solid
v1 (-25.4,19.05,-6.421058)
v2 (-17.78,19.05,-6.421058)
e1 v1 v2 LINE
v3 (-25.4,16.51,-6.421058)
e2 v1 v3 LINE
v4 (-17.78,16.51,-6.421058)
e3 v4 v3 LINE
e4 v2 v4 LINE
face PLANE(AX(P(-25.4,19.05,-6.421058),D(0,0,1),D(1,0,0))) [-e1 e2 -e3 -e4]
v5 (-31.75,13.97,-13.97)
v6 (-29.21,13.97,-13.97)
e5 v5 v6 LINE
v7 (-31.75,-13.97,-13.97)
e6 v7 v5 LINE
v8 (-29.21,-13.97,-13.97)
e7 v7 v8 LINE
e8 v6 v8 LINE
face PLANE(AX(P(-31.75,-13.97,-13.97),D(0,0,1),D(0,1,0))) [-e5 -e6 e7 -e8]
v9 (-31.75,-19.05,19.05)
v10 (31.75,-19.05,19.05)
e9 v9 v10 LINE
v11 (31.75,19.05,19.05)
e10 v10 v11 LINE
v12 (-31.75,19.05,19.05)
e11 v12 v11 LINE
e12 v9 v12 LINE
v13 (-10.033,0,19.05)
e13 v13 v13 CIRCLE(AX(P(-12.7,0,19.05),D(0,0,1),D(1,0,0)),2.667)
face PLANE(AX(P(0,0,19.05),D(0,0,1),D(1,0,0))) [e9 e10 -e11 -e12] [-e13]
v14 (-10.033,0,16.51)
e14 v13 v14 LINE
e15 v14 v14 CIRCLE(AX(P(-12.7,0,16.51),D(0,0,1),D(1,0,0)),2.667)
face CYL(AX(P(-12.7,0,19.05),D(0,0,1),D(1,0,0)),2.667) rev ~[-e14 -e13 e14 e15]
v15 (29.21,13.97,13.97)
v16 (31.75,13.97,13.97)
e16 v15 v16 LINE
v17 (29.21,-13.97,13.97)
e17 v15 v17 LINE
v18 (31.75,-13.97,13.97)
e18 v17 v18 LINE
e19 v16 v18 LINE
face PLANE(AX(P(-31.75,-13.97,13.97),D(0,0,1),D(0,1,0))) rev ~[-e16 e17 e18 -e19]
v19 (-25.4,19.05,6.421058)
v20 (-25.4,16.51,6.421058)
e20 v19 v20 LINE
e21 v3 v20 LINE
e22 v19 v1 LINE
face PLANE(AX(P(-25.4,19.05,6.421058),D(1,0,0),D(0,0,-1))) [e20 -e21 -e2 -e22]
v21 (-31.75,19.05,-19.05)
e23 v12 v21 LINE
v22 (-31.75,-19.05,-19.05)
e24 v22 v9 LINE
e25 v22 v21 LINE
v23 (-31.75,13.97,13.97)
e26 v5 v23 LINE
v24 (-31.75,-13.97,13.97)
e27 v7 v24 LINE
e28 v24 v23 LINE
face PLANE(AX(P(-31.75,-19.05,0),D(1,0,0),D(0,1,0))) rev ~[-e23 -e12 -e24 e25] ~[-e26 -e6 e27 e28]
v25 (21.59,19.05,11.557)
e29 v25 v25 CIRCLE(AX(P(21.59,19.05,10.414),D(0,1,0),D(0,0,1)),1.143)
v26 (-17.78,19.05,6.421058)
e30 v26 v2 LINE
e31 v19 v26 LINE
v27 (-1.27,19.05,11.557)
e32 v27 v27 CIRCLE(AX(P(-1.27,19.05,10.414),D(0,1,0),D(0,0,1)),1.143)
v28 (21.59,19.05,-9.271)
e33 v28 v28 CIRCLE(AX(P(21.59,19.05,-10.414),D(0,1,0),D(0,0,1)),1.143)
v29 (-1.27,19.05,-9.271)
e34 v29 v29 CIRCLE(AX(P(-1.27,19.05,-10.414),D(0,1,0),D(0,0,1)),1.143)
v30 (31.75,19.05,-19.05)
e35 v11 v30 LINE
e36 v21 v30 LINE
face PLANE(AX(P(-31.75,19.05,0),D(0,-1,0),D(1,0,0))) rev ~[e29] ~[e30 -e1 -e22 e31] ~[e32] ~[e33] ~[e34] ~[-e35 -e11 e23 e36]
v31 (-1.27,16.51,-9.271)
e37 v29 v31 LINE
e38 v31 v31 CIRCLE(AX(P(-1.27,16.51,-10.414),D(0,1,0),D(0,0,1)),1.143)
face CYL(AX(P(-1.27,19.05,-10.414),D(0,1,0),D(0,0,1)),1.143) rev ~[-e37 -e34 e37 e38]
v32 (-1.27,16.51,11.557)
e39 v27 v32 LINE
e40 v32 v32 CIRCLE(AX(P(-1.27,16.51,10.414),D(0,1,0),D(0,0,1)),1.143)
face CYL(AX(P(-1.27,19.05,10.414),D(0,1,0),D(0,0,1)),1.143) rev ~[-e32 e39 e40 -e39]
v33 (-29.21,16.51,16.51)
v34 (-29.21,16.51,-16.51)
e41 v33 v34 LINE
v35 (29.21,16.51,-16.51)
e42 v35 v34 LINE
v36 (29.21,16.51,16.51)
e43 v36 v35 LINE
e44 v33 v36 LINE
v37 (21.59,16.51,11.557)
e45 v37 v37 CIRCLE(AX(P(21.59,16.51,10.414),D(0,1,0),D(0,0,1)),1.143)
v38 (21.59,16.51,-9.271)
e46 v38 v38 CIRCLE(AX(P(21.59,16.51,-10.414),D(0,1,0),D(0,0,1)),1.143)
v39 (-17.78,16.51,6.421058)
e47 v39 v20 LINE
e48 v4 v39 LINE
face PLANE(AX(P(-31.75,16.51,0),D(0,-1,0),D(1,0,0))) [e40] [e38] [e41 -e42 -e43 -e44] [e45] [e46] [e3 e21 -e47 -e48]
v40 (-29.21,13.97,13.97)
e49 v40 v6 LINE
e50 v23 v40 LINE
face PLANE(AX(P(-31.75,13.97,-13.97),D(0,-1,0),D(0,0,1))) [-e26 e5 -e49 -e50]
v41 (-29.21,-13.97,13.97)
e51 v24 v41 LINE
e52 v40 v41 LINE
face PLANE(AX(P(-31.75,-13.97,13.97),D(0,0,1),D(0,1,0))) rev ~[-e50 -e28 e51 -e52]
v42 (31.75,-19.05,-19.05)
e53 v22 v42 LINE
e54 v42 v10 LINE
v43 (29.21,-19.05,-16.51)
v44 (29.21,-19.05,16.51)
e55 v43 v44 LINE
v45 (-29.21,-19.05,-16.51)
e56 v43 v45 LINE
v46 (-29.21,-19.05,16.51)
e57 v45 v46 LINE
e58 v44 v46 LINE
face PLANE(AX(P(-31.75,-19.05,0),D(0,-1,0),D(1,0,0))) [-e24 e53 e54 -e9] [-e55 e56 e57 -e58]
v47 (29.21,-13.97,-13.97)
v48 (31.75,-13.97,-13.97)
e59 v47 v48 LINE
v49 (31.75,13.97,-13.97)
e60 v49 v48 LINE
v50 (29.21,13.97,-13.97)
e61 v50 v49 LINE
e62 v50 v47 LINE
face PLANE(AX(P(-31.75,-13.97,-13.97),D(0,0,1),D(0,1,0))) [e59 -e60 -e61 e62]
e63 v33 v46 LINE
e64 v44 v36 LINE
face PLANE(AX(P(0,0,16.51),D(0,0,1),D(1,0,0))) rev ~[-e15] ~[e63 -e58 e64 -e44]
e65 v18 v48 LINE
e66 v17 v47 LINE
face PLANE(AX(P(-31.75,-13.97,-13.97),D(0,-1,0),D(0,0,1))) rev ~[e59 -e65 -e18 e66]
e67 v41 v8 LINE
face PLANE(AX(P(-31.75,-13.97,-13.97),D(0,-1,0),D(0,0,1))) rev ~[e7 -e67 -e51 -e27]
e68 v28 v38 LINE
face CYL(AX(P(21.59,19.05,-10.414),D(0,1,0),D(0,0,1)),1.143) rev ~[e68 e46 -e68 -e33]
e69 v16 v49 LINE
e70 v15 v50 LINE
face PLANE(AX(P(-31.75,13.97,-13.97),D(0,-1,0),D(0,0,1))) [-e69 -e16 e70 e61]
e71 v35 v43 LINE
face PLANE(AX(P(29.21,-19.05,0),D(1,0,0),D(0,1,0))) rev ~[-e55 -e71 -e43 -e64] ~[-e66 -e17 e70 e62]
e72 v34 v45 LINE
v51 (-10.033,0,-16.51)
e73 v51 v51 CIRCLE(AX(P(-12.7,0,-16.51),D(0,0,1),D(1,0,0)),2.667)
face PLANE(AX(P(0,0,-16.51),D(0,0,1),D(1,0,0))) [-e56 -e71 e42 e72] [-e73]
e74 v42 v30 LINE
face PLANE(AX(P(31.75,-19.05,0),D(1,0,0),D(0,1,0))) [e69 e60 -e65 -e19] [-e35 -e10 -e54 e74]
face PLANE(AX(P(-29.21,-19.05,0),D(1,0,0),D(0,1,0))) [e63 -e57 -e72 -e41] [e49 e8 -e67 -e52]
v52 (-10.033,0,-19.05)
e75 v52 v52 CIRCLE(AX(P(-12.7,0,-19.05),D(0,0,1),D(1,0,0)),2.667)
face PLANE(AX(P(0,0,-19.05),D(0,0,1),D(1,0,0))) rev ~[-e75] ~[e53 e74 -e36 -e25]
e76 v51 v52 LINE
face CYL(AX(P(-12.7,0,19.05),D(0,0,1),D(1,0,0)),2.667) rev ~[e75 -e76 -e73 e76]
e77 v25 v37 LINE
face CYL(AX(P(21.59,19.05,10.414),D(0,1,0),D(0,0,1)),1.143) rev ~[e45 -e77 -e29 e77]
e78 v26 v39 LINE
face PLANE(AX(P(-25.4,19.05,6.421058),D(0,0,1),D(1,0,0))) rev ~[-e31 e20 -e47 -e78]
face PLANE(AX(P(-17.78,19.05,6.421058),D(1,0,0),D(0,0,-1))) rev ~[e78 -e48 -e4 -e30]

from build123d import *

# Parameters (mm, degrees)
SKETCH1_W           = 63.5
SKETCH1_H           = 38.1
BOSS_EXTRUDE1_DEPTH = 19.05
SHELL1_T            = -2.54
SKETCH2_R           = 1.143
CUT_EXTRUDE1_DEPTH  = 54.127911685
SKETCH4_W           = 7.62
SKETCH4_H           = 12.842115784
CUT_EXTRUDE2_DEPTH  = 54.127911685
SKETCH5_R           = 2.667
CUT_EXTRUDE3_DEPTH  = 54.127911685
SKETCH6_W           = 27.94
SKETCH6_H           = 27.94
CUT_EXTRUDE4_DEPTH  = 69.978656119


with BuildPart() as part:
    # Sketch1 → Boss-Extrude1 (new, symmetric)
    with BuildSketch(Plane.XY):
        Rectangle(SKETCH1_W, SKETCH1_H)
    extrude(amount=BOSS_EXTRUDE1_DEPTH, both=True)

    # Shell1
    shell1_openings = [part.faces().sort_by_distance(p)[0] for p in [
        (0, -19.05, 0),
    ]]
    offset(amount=SHELL1_T, openings=shell1_openings, kind=Kind.INTERSECTION)

    # Sketch2 → Cut-Extrude1 (cut, through all)
    with BuildSketch(Plane(origin=(0, 19.05, 0), x_dir=(1, 0, 0), z_dir=(0, 1, 0))):
        with Locations(Location((-1.27, 10.414, 0), (0, 0, 270))):
            Circle(SKETCH2_R)
        with Locations(Location((21.59, 10.414, 0), (0, 0, 270))):
            Circle(SKETCH2_R)
        with Locations(Location((21.59, -10.414, 0), (0, 0, 270))):
            Circle(SKETCH2_R)
        with Locations(Location((-1.27, -10.414, 0), (0, 0, 270))):
            Circle(SKETCH2_R)
    extrude(amount=-CUT_EXTRUDE1_DEPTH, mode=Mode.SUBTRACT)

    # Sketch4 → Cut-Extrude2 (cut, through all)
    with BuildSketch(Plane(origin=(0, 19.05, 0), x_dir=(1, 0, 0), z_dir=(0, 1, 0))):
        with Locations((-21.59, 0)):
            Rectangle(SKETCH4_W, SKETCH4_H)
    extrude(amount=-CUT_EXTRUDE2_DEPTH, mode=Mode.SUBTRACT)

    # Sketch5 → Cut-Extrude3 (cut, through all)
    with BuildSketch(Plane.XY.offset(19.05)):
        with Locations((-12.7, 0)):
            Circle(SKETCH5_R)
    extrude(amount=-CUT_EXTRUDE3_DEPTH, mode=Mode.SUBTRACT)

    # Sketch6 → Cut-Extrude4 (cut, through all)
    with BuildSketch(Plane.ZY.offset(31.75)):
        Rectangle(SKETCH6_W, SKETCH6_H)
    extrude(amount=-CUT_EXTRUDE4_DEPTH, mode=Mode.SUBTRACT)


solid = part.part
